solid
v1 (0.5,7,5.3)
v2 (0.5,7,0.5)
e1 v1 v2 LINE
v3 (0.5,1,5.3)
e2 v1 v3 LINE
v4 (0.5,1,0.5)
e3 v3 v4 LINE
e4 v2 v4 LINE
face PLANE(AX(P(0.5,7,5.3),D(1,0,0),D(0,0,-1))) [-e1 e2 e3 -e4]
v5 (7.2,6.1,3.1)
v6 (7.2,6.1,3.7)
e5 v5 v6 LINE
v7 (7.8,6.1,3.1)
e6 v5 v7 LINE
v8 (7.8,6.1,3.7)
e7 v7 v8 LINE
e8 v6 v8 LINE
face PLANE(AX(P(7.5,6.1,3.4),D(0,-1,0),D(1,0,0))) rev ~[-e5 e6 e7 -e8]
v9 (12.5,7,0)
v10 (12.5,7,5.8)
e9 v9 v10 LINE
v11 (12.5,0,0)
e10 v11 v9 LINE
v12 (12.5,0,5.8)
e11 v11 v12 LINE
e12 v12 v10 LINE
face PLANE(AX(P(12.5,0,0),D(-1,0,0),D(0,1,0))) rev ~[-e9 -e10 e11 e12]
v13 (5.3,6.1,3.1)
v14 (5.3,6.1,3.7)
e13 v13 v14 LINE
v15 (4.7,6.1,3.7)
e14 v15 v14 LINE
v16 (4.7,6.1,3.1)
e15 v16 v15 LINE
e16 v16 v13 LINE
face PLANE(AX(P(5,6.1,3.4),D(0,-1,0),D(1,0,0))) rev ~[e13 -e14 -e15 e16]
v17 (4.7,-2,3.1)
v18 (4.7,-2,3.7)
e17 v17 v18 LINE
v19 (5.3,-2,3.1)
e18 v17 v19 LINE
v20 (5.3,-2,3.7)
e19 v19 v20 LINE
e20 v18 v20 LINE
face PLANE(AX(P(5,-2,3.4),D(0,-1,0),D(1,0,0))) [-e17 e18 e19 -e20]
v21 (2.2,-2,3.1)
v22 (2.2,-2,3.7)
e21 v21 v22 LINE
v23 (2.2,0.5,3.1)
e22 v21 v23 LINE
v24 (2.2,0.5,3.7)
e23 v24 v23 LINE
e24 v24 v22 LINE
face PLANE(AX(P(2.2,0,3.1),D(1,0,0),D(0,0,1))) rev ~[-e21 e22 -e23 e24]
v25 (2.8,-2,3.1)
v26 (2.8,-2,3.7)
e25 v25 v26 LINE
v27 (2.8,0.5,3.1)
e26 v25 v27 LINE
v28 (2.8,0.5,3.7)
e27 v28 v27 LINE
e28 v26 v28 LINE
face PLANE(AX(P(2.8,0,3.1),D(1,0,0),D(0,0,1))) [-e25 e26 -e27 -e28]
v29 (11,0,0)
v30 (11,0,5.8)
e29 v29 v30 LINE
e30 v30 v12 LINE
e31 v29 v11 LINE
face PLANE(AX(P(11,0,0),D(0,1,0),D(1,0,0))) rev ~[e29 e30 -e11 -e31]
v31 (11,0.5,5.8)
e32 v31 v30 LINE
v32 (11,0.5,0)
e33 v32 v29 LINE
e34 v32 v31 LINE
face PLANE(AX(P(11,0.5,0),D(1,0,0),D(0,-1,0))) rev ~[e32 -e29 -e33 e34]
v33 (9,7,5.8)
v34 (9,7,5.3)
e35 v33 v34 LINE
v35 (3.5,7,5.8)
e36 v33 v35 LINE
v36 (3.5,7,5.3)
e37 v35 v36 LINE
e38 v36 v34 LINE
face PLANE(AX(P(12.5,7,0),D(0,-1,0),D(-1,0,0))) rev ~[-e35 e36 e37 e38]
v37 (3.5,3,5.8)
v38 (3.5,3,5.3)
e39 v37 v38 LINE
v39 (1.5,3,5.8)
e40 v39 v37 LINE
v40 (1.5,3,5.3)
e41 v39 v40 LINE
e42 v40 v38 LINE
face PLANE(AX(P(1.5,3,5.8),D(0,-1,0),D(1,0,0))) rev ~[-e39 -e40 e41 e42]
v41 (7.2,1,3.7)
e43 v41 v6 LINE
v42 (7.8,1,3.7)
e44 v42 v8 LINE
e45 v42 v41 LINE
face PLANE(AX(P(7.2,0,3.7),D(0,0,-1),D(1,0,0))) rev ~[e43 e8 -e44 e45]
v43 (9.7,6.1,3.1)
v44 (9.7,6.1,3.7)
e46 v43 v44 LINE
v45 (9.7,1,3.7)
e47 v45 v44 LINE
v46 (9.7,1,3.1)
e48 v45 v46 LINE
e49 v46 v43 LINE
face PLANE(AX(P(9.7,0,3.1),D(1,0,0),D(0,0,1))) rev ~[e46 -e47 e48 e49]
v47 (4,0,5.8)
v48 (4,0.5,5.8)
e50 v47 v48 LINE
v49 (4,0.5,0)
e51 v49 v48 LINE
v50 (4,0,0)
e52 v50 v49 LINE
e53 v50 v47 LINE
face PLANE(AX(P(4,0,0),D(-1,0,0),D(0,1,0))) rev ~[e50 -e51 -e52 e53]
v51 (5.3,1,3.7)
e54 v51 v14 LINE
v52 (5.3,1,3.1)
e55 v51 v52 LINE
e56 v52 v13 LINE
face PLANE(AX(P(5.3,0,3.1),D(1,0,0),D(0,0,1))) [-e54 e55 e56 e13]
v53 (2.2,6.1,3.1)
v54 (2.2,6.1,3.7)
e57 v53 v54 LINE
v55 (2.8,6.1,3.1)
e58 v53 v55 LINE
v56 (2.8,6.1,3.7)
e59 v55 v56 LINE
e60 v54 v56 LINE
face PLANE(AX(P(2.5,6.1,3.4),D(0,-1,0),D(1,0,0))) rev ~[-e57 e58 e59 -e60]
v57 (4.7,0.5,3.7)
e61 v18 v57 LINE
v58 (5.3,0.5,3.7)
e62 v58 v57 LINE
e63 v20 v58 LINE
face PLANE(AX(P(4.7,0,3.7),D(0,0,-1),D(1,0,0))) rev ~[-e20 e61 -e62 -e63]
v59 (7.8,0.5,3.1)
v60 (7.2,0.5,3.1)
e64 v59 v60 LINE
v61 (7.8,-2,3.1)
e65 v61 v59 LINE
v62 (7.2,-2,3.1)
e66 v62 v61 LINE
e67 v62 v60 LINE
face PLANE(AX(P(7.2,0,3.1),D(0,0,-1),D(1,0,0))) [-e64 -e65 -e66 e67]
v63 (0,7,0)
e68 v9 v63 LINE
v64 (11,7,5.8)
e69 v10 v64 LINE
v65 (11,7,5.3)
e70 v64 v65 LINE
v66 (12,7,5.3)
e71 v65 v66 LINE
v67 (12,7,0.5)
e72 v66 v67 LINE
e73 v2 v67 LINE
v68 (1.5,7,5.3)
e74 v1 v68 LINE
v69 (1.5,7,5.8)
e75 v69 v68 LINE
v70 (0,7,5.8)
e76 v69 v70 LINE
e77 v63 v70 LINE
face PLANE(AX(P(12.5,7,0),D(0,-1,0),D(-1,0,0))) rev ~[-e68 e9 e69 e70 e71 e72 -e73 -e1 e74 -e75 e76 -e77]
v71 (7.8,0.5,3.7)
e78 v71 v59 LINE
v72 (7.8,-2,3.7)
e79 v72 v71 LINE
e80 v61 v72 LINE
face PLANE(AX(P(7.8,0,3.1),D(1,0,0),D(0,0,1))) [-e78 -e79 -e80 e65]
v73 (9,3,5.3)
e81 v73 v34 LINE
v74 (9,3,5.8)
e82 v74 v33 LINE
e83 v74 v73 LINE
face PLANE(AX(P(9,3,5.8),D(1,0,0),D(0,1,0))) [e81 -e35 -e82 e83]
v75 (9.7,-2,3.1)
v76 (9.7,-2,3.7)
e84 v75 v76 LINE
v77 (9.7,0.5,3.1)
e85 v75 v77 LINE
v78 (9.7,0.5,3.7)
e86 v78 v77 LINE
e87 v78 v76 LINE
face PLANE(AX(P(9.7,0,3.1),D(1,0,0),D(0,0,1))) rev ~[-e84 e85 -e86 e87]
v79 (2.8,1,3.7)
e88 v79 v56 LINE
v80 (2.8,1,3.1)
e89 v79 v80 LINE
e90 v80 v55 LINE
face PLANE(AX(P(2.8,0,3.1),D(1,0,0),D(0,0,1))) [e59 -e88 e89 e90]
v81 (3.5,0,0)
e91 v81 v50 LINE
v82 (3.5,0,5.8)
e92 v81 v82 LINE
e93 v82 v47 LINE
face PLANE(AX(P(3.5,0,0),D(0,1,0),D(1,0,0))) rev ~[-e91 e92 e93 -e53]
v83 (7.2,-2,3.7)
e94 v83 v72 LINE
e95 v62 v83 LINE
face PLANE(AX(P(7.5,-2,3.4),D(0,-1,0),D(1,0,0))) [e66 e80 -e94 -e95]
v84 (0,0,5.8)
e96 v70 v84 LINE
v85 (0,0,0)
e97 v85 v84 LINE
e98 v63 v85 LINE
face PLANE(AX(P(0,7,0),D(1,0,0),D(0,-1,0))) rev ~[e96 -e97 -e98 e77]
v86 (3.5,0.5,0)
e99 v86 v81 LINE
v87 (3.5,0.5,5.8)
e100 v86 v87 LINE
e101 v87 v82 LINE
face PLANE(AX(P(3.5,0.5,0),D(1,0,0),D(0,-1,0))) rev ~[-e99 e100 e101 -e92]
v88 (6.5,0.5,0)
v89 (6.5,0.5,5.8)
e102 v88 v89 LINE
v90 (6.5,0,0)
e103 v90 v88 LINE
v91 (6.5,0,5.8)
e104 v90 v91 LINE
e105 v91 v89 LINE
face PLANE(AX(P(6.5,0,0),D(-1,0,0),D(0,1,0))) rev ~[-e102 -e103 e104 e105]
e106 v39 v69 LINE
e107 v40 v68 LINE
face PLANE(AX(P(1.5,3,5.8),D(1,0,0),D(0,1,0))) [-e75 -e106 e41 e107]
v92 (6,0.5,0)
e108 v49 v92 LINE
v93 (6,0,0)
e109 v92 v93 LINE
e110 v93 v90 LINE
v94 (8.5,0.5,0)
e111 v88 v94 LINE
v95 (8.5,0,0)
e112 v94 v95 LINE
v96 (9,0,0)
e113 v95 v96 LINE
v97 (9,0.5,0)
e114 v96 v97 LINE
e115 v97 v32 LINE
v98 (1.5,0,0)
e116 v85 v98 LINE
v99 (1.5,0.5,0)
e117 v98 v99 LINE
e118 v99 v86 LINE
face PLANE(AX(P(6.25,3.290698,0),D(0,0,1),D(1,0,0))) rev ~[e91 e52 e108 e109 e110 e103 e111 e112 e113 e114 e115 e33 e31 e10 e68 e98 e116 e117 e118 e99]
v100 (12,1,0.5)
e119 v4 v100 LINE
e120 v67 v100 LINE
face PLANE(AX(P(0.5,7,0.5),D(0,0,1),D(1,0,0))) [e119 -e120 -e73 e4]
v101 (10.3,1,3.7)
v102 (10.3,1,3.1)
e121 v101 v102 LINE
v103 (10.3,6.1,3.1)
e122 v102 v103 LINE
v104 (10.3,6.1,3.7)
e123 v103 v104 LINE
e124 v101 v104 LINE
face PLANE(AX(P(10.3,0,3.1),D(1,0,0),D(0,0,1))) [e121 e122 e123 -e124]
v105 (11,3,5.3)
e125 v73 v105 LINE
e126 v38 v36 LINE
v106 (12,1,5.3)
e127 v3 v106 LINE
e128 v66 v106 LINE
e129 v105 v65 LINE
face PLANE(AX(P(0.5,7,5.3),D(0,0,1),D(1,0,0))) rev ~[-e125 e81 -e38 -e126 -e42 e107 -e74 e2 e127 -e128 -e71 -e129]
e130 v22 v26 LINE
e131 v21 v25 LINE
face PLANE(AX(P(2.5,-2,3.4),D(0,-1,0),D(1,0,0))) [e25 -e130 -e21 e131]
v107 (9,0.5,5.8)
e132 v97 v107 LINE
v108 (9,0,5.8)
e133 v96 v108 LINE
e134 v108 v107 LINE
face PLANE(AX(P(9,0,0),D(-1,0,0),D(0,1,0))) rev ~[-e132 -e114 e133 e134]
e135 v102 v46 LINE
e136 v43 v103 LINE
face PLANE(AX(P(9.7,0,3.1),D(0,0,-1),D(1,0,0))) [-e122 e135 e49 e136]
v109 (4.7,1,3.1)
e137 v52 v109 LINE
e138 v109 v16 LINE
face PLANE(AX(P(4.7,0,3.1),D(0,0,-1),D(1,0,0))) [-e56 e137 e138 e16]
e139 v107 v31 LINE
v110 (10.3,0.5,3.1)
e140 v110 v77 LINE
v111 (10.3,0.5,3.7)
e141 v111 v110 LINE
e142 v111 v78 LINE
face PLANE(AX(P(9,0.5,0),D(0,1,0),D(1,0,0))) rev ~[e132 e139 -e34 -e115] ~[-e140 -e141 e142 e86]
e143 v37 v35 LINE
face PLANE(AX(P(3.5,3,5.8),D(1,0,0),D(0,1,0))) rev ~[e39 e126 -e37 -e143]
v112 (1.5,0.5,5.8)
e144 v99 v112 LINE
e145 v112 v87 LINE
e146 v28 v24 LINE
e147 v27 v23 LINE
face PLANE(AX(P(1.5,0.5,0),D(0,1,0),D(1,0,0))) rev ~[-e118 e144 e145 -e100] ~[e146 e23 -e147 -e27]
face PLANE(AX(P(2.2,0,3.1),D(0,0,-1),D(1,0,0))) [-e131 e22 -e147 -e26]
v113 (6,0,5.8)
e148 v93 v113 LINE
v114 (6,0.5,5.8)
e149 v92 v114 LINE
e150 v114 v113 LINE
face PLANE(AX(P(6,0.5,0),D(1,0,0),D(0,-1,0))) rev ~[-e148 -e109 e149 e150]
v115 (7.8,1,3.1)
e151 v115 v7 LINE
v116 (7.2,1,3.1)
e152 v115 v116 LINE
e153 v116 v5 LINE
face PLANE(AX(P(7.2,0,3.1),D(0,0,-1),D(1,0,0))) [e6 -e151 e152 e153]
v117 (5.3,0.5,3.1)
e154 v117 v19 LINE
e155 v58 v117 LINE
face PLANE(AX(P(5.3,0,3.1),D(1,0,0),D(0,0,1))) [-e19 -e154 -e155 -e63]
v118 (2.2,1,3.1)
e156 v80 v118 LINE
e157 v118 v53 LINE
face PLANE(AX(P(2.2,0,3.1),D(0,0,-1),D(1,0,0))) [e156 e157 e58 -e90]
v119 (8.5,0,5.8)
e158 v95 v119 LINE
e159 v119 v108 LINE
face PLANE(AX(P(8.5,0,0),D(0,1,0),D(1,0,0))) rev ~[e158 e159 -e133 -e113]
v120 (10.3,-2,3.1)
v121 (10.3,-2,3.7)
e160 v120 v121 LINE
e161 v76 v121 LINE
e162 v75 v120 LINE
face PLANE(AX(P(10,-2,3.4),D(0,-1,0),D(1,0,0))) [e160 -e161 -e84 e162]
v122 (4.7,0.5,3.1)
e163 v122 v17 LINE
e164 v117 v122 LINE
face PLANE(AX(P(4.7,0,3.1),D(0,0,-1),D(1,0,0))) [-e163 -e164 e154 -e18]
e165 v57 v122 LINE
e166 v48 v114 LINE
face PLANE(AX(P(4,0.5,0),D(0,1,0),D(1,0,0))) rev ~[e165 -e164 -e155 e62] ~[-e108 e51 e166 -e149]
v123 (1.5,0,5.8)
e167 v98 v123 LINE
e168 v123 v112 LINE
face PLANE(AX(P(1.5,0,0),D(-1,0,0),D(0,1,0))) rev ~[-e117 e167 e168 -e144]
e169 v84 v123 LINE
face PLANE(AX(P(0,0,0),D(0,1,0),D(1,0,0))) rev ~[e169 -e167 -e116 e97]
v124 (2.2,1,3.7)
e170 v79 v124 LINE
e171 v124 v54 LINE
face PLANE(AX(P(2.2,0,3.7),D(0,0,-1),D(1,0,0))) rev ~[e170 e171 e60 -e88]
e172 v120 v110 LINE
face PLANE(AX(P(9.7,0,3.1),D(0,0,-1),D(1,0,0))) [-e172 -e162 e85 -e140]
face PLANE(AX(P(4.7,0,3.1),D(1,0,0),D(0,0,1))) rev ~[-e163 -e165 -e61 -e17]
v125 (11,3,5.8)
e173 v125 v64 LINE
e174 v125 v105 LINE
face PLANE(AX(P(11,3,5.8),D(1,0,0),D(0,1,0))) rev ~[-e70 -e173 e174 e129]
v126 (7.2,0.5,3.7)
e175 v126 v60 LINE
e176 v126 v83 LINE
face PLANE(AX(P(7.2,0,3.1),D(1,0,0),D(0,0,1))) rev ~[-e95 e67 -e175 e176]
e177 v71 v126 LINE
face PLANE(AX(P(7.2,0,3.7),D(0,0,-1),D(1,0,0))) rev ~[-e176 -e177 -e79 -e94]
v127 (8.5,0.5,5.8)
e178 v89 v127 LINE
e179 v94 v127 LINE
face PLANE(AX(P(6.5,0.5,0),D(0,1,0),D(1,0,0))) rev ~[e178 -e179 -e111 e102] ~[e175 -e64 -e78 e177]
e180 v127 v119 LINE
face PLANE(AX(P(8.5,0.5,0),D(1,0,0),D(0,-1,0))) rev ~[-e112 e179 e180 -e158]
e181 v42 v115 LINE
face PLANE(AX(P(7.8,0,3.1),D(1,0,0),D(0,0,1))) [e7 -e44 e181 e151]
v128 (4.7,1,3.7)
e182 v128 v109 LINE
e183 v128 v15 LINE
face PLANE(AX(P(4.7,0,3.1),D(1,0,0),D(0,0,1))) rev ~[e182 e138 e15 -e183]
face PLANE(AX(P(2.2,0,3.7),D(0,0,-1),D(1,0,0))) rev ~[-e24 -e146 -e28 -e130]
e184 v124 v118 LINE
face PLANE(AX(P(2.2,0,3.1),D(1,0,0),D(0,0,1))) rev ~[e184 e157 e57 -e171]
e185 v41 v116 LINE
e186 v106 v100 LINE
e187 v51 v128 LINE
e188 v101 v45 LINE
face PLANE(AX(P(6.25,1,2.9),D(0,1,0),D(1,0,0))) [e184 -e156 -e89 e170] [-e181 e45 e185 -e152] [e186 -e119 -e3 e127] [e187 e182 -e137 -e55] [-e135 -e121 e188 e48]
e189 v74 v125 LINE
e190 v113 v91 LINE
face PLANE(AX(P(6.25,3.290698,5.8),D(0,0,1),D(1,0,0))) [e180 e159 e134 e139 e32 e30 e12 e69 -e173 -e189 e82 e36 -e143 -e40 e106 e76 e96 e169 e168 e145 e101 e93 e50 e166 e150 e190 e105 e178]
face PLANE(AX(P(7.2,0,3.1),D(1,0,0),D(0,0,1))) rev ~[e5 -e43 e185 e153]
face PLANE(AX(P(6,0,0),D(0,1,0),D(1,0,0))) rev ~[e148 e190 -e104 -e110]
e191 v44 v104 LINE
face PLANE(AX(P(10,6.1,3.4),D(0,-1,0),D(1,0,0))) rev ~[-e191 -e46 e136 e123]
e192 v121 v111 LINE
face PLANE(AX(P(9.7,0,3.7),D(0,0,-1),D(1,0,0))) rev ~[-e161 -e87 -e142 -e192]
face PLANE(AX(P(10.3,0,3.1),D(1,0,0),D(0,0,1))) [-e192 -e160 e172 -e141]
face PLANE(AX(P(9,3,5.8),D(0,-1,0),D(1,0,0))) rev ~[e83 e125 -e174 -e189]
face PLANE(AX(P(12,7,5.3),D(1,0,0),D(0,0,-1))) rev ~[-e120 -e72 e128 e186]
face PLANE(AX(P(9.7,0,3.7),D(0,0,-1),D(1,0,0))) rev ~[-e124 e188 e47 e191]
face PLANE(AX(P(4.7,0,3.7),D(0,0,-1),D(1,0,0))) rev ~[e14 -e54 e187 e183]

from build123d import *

# Parameters (mm, degrees)
EXTRUDE_1_DEPTH      = 5.8
SKETCH_2_W           = 11.5
SKETCH_2_H           = 4.8
CUT_EXTRUDE_1_DEPTH  = 6
SKETCH_3_W           = 0.6
SKETCH_3_H           = 0.6
EXTRUDE_2_DEPTH      = 2
EXTRUDE_2_DEPTH_BACK = 6.1
SKETCH_5_W           = 2
SKETCH_5_H           = 4
CUT_EXTRUDE_2_DEPTH  = 1


with BuildPart() as part:
    # 草图1 → 凸台-拉伸1 (new body)
    with BuildSketch(Plane.XY):
        Polygon((4, 0), (4, 0.5), (6, 0.5), (6, 0), (6.5, 0), (6.5, 0.5), (8.5, 0.5), (8.5, 0), (9, 0), (9, 0.5), (11, 0.5), (11, 0), (12.5, 0), (12.5, 7), (0, 7), (0, 0), (1.5, 0), (1.5, 0.5), (3.5, 0.5), (3.5, 0), align=None)
    extrude(amount=EXTRUDE_1_DEPTH)

    # 草图2 → 切除-拉伸1 (cut)
    with BuildSketch(Plane(origin=(0, 7, 0), x_dir=(1, 0, 0), z_dir=(0, 1, 0))):
        with Locations((6.25, -2.9)):
            Rectangle(SKETCH_2_W, SKETCH_2_H)
    extrude(amount=-CUT_EXTRUDE_1_DEPTH, mode=Mode.SUBTRACT)

    # 草图3 → 凸台-拉伸2 (add, two sides)
    with BuildSketch(Plane.XZ) as extrude_2_sk:
        with Locations((5, 3.4)):
            Rectangle(SKETCH_3_W, SKETCH_3_H)
        with Locations((7.5, 3.4)):
            Rectangle(SKETCH_3_W, SKETCH_3_H)
        with Locations((2.5, 3.4)):
            Rectangle(SKETCH_3_W, SKETCH_3_H)
        with Locations((10, 3.4)):
            Rectangle(SKETCH_3_W, SKETCH_3_H)
    extrude(amount=EXTRUDE_2_DEPTH)
    extrude(extrude_2_sk.sketch, amount=-EXTRUDE_2_DEPTH_BACK)

    # 草图5 → 切除-拉伸2 (cut)
    with BuildSketch(Plane.XY.offset(5.8)):
        with Locations((2.5, 5)):
            Rectangle(SKETCH_5_W, SKETCH_5_H)
        with Locations((10, 5)):
            Rectangle(SKETCH_5_W, SKETCH_5_H)
    extrude(amount=-CUT_EXTRUDE_2_DEPTH, mode=Mode.SUBTRACT)


solid = part.part
